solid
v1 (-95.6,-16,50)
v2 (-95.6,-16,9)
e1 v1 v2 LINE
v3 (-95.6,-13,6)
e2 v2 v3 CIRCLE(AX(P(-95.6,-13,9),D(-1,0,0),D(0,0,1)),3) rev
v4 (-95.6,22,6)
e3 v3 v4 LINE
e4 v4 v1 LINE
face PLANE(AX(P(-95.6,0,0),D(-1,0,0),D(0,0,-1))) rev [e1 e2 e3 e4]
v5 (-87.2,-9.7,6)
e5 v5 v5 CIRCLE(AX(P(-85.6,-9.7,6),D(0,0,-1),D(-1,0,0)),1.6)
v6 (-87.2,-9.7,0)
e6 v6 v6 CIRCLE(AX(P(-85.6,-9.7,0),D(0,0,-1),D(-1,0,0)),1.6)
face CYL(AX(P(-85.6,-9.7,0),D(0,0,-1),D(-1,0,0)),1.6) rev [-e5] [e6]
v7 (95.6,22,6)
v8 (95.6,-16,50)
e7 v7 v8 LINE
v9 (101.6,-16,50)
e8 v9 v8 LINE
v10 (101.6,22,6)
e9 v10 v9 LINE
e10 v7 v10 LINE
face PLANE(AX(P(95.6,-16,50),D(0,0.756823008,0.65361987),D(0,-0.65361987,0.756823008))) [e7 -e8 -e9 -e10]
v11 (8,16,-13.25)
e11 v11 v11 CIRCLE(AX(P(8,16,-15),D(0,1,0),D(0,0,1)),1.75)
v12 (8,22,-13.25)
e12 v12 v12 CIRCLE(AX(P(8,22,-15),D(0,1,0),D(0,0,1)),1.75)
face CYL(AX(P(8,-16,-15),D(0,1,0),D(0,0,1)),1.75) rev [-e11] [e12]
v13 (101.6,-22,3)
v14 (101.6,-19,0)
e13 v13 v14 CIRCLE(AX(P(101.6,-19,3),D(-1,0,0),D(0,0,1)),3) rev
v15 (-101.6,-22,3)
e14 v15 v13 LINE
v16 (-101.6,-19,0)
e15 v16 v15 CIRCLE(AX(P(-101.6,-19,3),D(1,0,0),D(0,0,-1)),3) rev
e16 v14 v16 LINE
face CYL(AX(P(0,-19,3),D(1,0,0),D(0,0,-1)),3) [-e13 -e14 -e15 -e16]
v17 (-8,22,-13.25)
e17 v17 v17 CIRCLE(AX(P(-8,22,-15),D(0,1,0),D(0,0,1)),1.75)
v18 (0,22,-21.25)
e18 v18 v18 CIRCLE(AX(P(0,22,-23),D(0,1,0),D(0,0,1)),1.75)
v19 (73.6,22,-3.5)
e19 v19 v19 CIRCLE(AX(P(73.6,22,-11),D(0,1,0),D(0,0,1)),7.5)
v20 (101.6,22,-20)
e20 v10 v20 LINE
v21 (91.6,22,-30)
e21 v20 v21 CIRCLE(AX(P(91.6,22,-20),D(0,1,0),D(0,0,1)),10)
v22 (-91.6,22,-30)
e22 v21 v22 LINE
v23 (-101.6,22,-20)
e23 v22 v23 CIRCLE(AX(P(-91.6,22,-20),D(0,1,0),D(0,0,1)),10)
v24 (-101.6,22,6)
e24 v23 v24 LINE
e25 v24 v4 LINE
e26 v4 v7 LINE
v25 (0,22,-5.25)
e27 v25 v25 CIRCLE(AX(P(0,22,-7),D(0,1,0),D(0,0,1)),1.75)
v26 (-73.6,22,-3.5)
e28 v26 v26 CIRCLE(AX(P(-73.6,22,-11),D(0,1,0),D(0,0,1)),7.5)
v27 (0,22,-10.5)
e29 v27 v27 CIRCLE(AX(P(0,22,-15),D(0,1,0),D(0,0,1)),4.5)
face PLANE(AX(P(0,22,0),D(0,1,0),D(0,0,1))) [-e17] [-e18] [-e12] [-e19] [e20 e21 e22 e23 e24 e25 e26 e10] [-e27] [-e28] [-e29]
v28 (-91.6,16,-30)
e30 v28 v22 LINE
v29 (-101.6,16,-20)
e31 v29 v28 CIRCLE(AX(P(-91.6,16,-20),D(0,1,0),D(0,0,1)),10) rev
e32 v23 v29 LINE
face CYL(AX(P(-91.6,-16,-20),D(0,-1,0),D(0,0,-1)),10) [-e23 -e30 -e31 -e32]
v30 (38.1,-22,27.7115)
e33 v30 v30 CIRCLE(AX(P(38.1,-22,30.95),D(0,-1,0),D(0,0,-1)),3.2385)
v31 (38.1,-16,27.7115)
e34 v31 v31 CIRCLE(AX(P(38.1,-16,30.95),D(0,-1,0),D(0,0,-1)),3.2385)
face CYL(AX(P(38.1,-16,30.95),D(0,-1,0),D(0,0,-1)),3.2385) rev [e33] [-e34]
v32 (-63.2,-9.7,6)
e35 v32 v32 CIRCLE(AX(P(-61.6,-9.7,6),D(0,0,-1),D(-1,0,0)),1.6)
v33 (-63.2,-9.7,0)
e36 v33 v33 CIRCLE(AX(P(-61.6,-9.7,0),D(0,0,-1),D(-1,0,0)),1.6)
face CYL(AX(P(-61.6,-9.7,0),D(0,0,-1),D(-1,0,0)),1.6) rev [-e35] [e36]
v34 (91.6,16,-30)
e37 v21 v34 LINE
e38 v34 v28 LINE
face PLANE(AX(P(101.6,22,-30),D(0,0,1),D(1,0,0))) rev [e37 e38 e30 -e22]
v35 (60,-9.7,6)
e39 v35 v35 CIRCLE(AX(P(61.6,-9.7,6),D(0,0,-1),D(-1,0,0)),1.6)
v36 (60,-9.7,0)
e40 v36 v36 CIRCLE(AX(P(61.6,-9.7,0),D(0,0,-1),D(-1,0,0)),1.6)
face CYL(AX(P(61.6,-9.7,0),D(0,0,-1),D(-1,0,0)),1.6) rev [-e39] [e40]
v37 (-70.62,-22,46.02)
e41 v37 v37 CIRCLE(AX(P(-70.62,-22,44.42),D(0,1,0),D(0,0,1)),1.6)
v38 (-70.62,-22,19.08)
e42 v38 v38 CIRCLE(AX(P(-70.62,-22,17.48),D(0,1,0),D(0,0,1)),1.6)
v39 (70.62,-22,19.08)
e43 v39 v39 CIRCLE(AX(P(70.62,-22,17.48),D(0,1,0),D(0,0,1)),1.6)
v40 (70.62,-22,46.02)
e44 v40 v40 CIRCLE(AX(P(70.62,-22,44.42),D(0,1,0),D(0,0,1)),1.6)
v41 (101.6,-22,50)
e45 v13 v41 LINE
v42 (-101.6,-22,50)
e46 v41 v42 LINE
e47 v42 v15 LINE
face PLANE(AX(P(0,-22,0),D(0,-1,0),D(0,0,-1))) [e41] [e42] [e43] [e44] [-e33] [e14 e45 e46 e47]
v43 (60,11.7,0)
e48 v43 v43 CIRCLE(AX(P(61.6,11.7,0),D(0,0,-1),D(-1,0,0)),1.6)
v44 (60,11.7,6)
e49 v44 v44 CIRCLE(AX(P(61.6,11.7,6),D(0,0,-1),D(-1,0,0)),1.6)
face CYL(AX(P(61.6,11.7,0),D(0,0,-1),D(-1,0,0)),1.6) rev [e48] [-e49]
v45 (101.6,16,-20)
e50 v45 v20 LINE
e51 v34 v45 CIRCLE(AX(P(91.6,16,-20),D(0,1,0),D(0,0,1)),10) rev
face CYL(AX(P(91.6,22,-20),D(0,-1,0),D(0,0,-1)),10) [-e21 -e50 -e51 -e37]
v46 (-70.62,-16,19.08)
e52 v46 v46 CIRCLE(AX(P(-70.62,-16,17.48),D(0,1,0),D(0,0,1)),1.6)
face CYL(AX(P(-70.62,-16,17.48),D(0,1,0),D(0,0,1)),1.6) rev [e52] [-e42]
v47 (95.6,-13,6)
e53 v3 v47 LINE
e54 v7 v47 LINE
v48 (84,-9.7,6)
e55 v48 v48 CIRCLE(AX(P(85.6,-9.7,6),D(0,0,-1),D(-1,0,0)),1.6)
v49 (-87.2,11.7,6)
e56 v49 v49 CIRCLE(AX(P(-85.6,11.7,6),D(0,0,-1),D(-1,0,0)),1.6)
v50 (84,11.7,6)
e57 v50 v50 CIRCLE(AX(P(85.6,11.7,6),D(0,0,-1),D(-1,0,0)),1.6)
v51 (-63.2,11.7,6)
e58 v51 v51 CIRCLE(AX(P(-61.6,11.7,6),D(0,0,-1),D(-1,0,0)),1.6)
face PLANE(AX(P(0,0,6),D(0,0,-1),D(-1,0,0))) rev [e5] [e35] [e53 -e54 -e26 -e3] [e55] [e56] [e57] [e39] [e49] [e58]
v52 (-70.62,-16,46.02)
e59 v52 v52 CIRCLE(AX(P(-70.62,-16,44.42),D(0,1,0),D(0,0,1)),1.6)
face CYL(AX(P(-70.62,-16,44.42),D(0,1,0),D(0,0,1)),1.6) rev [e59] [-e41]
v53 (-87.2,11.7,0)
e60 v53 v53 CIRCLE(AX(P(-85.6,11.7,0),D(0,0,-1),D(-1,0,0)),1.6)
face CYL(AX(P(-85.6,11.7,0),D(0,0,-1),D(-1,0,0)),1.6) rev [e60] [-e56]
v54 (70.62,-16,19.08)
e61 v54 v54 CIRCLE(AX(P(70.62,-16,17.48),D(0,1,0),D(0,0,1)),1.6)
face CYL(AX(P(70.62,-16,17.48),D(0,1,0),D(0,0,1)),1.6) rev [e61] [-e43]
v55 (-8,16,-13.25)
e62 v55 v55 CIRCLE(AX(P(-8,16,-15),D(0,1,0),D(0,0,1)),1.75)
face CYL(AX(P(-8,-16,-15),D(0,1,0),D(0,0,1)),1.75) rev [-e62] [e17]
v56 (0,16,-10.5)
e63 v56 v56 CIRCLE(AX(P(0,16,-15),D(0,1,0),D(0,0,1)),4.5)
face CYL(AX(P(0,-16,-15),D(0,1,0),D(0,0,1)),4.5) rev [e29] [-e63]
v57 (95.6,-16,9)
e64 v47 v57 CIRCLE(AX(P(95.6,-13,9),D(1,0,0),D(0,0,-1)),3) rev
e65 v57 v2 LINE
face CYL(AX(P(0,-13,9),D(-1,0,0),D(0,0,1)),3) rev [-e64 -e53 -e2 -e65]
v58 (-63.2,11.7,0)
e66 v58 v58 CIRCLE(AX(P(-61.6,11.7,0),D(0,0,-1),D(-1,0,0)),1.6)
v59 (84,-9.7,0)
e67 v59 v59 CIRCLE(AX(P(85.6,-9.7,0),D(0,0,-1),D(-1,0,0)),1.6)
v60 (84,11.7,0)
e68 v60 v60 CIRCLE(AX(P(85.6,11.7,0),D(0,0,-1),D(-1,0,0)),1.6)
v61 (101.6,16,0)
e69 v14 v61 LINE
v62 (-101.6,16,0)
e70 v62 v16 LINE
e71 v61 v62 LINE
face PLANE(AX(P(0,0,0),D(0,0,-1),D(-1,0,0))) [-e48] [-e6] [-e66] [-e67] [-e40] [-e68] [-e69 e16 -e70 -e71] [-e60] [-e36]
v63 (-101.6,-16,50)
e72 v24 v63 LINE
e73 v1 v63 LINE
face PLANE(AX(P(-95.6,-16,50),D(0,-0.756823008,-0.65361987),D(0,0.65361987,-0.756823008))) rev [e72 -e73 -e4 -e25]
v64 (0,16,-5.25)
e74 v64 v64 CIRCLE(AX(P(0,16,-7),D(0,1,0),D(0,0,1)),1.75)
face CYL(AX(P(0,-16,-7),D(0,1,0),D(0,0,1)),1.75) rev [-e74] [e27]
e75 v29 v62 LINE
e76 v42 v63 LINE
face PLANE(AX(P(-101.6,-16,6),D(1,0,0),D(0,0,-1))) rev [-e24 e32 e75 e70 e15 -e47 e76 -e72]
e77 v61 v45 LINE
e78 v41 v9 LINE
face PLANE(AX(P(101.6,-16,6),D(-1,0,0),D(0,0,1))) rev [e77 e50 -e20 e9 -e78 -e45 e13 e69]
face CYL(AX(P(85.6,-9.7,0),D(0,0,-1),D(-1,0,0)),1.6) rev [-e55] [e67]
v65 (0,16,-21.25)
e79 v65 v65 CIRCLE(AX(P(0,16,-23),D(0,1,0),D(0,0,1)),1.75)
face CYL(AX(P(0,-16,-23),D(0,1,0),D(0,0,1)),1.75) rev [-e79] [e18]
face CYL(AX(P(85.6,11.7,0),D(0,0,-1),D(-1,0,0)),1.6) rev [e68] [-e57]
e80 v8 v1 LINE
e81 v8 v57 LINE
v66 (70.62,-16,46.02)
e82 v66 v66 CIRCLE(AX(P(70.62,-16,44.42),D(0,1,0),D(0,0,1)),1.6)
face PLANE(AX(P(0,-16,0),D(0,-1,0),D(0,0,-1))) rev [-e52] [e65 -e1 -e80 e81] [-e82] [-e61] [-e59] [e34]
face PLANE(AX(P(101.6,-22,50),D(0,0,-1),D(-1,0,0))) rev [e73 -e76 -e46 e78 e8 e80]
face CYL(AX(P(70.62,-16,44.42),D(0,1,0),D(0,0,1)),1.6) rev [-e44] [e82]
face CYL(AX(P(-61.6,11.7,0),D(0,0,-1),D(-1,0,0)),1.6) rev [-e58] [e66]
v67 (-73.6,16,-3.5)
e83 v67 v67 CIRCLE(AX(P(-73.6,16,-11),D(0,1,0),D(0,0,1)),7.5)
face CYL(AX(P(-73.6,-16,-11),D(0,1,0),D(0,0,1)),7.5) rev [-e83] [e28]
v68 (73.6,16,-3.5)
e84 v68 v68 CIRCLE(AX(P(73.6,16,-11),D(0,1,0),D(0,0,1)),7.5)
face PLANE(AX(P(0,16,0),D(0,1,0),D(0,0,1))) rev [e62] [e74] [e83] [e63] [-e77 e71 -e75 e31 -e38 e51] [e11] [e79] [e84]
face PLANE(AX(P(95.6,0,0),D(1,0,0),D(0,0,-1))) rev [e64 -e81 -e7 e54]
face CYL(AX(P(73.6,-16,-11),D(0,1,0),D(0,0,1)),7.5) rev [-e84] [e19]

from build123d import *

# Parameters (mm, degrees)
ESQUISSE1_W             = 203.2
ESQUISSE1_H             = 32
BOSS_EXTRU_1_DEPTH      = 6
ESQUISSE2_W             = 203.2
ESQUISSE2_H             = 36
BOSS_EXTRU_2_DEPTH      = 6
ESQUISSE3_R             = 7.5
ESQUISSE3_R_2           = 4.5
ESQUISSE3_R_3           = 1.75
ENL_V_MAT_EXTRU_1_DEPTH = 113.545812894
ESQUISSE6_W             = 203.2
ESQUISSE6_H             = 50
BOSS_EXTRU_4_DEPTH      = 6
BOSS_EXTRU_5_DEPTH      = 6
CONG_3_R                = 3
CONG_4_R                = 10
D_GAGEMENT_M31_D        = 3.2
D_GAGEMENT_M31_DEPTH    = 6
D_GAGEMENT_M31_TIP      = 0.96137699
ESQUISSE11_R            = 3.2385
ENL_V_MAT_EXTRU_3_DEPTH = 6
D_GAGEMENT_M32_D        = 3.2
D_GAGEMENT_M32_DEPTH    = 6
D_GAGEMENT_M32_TIP      = 0.96137699


with BuildPart() as part:
    # Esquisse1 → Boss.-Extru.1 (new body)
    with BuildSketch(Plane.XY):
        Rectangle(ESQUISSE1_W, ESQUISSE1_H)
    extrude(amount=BOSS_EXTRU_1_DEPTH)

    # Esquisse2 → Boss.-Extru.2 (add)
    with BuildSketch(Plane(origin=(0, 16, 0), x_dir=(1, 0, 0), z_dir=(0, 1, 0))):
        with Locations((0, 12)):
            Rectangle(ESQUISSE2_W, ESQUISSE2_H)
    extrude(amount=BOSS_EXTRU_2_DEPTH)

    # Esquisse3 → Enlèv. mat.-Extru.1 (cut, through all)
    with BuildSketch(Plane(origin=(0, 22, 0), x_dir=(1, 0, 0), z_dir=(0, 1, 0))):
        with Locations(Location((-73.6, 11, 0), (0, 0, 270))):
            Circle(ESQUISSE3_R)
        with Locations(Location((73.6, 11, 0), (0, 0, 270))):
            Circle(ESQUISSE3_R)
        with Locations(Location((0, 15, 0), (0, 0, 270))):
            Circle(ESQUISSE3_R_2)
        with Locations(Location((0, 23, 0), (0, 0, 270))):
            Circle(ESQUISSE3_R_3)
        with Locations(Location((0, 7, 0), (0, 0, 270))):
            Circle(ESQUISSE3_R_3)
        with Locations(Location((8, 15, 0), (0, 0, 270))):
            Circle(ESQUISSE3_R_3)
        with Locations(Location((-8, 15, 0), (0, 0, 270))):
            Circle(ESQUISSE3_R_3)
    extrude(amount=-ENL_V_MAT_EXTRU_1_DEPTH, mode=Mode.SUBTRACT)

    # Esquisse6 → Boss.-Extru.4 (add)
    with BuildSketch(Plane.XZ.offset(16)):
        with Locations((0, 25)):
            Rectangle(ESQUISSE6_W, ESQUISSE6_H)
    extrude(amount=BOSS_EXTRU_4_DEPTH)

    # Esquisse7 → Boss.-Extru.5 (add)
    with BuildSketch(Plane(origin=(101.6, 0, 0), x_dir=(0, 0, -1), z_dir=(1, 0, 0))):
        Polygon((-50, -16), (-6, 22), (0, 22), (0, -16), align=None)
    boss_extru_5 = extrude(amount=-BOSS_EXTRU_5_DEPTH)

    # Symétrie1: Boss.-Extru.5 across plane
    add(boss_extru_5.mirror(Plane(origin=(0, 0, 0), x_dir=(0, 0, 1), z_dir=(1, 0, 0))))

    # Congé3
    cong_3_edges = [part.edges().sort_by_distance(p)[0] for p in [
        (0, -16, 6),
        (0, -22, 0),
    ]]
    fillet(cong_3_edges, radius=CONG_3_R)

    # Congé4
    cong_4_edges = [part.edges().sort_by_distance(p)[0] for p in [
        (101.6, 19, -30),
        (-101.6, 19, -30),
    ]]
    fillet(cong_4_edges, radius=CONG_4_R)

    # Dégagement M31
    with Locations(Plane(origin=(85.6, 11.7, 0), x_dir=(-1, 0, 0), z_dir=(0, 0, -1))):
        with Locations((0, 0), (24, 0), (0, -21.4), (24, -21.4), (147.2, 0), (171.2, 0), (147.2, -21.4), (171.2, -21.4)):
            Hole(D_GAGEMENT_M31_D / 2, depth=D_GAGEMENT_M31_DEPTH)
            with Locations((0, 0, -(D_GAGEMENT_M31_DEPTH + D_GAGEMENT_M31_TIP / 2))):  # 118° drill point
                Cone(0, D_GAGEMENT_M31_D / 2, D_GAGEMENT_M31_TIP, mode=Mode.SUBTRACT)

    # Esquisse11 → Enlèv. mat.-Extru.3 (cut)
    with BuildSketch(Plane.XZ.offset(22)):
        with Locations(Location((38.1, 30.95, 0), (0, 0, 270))):
            Circle(ESQUISSE11_R)
    extrude(amount=-ENL_V_MAT_EXTRU_3_DEPTH, mode=Mode.SUBTRACT)

    # Dégagement M32
    with Locations(Plane(origin=(-70.62, -16, 17.48), x_dir=(0, 0, 1), z_dir=(0, 1, 0))):
        with Locations((0, 0), (26.94, 0), (0, 141.24), (26.94, 141.24)):
            Hole(D_GAGEMENT_M32_D / 2, depth=D_GAGEMENT_M32_DEPTH)
            with Locations((0, 0, -(D_GAGEMENT_M32_DEPTH + D_GAGEMENT_M32_TIP / 2))):  # 118° drill point
                Cone(0, D_GAGEMENT_M32_D / 2, D_GAGEMENT_M32_TIP, mode=Mode.SUBTRACT)


solid = part.part
